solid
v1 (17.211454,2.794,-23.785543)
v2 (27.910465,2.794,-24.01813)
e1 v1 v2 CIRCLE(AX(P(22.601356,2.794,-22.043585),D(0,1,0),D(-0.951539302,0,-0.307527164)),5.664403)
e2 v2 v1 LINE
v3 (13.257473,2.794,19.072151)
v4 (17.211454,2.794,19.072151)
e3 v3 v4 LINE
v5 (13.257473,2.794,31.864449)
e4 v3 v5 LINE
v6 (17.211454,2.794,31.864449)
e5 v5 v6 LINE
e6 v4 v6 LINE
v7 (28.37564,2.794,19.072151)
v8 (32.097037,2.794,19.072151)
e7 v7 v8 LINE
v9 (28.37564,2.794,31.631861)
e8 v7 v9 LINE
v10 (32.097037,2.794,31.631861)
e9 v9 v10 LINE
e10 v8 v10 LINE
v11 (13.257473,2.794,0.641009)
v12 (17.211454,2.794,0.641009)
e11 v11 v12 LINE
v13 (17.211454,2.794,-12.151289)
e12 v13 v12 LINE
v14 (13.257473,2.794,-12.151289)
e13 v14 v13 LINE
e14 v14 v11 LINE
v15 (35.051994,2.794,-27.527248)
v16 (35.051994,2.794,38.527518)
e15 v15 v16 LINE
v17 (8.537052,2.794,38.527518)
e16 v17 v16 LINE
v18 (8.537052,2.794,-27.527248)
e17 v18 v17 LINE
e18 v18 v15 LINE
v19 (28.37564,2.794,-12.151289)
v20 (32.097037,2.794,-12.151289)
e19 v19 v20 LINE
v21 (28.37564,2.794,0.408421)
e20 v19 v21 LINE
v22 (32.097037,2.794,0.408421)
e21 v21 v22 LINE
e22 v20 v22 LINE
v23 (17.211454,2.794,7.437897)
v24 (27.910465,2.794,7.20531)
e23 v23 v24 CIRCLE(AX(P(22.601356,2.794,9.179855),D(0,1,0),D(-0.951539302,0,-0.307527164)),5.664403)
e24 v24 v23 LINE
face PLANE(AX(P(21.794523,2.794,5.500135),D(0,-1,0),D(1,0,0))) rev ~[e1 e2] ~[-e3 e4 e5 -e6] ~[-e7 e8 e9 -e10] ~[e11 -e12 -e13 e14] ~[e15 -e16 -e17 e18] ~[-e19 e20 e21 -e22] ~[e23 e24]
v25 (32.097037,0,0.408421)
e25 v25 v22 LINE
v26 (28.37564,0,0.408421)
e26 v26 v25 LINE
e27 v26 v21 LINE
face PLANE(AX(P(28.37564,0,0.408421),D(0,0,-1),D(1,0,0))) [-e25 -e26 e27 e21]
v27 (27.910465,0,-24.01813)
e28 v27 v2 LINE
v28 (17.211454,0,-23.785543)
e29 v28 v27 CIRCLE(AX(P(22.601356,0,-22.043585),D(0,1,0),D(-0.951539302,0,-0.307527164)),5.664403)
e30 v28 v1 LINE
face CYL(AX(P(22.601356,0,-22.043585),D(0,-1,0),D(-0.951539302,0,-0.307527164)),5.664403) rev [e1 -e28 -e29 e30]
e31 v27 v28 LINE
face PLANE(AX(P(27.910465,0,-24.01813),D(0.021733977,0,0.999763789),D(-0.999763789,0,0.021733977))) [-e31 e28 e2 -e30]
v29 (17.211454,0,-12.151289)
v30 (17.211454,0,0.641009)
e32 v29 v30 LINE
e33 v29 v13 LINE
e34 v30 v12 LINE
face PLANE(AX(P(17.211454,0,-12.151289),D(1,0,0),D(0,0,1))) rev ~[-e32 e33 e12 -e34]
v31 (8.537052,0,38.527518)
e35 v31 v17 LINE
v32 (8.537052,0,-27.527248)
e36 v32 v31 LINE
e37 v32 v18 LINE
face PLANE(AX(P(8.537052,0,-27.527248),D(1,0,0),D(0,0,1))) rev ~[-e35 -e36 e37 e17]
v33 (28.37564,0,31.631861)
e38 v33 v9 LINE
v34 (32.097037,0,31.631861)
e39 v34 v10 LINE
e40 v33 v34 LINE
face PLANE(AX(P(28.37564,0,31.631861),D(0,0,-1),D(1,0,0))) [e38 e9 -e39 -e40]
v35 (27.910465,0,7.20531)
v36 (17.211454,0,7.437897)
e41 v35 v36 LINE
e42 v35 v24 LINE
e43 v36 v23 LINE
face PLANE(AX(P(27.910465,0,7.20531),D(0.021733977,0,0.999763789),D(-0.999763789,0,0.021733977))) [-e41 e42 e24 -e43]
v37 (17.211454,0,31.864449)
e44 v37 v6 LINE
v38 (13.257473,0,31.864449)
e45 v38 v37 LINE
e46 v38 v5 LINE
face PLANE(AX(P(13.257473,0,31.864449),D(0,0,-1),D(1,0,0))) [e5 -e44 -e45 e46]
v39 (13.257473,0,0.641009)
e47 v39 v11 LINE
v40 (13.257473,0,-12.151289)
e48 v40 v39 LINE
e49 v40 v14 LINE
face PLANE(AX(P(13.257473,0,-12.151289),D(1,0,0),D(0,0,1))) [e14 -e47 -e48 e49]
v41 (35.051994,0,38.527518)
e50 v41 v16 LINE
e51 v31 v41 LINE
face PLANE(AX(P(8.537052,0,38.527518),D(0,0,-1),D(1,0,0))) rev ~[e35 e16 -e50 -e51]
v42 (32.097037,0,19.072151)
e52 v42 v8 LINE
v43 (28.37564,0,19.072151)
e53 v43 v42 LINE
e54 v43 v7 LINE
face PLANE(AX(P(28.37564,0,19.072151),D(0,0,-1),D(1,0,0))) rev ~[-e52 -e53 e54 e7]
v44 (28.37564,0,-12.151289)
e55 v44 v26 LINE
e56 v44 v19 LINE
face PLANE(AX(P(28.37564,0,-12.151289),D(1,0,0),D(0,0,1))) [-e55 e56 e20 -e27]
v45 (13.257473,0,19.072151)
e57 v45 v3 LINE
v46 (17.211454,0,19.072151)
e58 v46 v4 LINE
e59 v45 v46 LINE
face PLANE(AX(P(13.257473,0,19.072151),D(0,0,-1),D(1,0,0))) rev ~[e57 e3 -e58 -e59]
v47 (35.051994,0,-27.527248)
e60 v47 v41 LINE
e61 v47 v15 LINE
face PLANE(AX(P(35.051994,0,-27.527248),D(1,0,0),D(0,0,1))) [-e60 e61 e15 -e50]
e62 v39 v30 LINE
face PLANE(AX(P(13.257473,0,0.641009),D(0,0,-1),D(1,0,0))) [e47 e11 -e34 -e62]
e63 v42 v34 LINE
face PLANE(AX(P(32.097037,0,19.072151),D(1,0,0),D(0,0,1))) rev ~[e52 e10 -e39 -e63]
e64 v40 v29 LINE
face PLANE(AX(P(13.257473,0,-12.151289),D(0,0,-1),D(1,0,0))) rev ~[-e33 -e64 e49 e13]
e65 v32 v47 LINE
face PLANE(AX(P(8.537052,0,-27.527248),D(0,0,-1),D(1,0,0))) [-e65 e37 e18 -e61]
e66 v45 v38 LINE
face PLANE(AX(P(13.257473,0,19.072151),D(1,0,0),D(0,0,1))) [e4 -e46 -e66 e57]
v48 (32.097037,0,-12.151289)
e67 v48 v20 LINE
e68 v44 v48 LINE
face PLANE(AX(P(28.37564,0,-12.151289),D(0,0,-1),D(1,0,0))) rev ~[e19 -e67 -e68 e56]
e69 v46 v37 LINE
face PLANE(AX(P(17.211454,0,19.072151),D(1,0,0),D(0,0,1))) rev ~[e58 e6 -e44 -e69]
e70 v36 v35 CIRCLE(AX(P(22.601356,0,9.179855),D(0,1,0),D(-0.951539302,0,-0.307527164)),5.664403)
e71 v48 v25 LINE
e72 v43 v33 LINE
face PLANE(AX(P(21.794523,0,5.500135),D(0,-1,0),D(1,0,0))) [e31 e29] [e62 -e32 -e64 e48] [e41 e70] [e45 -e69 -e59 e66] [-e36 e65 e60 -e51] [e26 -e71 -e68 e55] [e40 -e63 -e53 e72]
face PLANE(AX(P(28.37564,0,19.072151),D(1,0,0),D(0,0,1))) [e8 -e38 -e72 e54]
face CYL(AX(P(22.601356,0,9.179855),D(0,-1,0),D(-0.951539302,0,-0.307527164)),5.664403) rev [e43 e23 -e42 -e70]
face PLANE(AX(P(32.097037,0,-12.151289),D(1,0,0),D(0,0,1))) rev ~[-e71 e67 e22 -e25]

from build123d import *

# Parameters (mm, degrees)
F0_W     = 26.514942
F0_H     = 66.054767
F0_W_2   = 3.953981
F0_H_2   = 12.792298
F0_W_3   = 3.721397
F0_H_3   = 12.55971
F1_DEPTH = 2.794


with BuildPart() as f1:
    # F0 (on Front) → F1 (new body)
    with BuildSketch(Plane.XZ):
        with Locations((21.794523, 5.500135)):
            Rectangle(F0_W, F0_H)
        with Locations((15.234464, -5.75514)):
            Rectangle(F0_W_2, F0_H_2, mode=Mode.SUBTRACT)
        with BuildLine():
            ThreePointArc((17.211454, -23.785543), (22.724467, -16.38052), (27.910465, -24.01813))
            Line((27.910465, -24.01813), (17.211454, -23.785543))
        make_face(mode=Mode.SUBTRACT)
        with Locations((30.236339, -5.871434)):
            Rectangle(F0_W_3, F0_H_3, mode=Mode.SUBTRACT)
        with Locations((15.234464, 25.4683)):
            Rectangle(F0_W_2, F0_H_2, mode=Mode.SUBTRACT)
        with BuildLine():
            ThreePointArc((17.211454, 7.437897), (22.724467, 14.84292), (27.910465, 7.20531))
            Line((27.910465, 7.20531), (17.211454, 7.437897))
        make_face(mode=Mode.SUBTRACT)
        with Locations((30.236339, 25.352006)):
            Rectangle(F0_W_3, F0_H_3, mode=Mode.SUBTRACT)
    extrude(amount=-F1_DEPTH)


solid = f1.part
